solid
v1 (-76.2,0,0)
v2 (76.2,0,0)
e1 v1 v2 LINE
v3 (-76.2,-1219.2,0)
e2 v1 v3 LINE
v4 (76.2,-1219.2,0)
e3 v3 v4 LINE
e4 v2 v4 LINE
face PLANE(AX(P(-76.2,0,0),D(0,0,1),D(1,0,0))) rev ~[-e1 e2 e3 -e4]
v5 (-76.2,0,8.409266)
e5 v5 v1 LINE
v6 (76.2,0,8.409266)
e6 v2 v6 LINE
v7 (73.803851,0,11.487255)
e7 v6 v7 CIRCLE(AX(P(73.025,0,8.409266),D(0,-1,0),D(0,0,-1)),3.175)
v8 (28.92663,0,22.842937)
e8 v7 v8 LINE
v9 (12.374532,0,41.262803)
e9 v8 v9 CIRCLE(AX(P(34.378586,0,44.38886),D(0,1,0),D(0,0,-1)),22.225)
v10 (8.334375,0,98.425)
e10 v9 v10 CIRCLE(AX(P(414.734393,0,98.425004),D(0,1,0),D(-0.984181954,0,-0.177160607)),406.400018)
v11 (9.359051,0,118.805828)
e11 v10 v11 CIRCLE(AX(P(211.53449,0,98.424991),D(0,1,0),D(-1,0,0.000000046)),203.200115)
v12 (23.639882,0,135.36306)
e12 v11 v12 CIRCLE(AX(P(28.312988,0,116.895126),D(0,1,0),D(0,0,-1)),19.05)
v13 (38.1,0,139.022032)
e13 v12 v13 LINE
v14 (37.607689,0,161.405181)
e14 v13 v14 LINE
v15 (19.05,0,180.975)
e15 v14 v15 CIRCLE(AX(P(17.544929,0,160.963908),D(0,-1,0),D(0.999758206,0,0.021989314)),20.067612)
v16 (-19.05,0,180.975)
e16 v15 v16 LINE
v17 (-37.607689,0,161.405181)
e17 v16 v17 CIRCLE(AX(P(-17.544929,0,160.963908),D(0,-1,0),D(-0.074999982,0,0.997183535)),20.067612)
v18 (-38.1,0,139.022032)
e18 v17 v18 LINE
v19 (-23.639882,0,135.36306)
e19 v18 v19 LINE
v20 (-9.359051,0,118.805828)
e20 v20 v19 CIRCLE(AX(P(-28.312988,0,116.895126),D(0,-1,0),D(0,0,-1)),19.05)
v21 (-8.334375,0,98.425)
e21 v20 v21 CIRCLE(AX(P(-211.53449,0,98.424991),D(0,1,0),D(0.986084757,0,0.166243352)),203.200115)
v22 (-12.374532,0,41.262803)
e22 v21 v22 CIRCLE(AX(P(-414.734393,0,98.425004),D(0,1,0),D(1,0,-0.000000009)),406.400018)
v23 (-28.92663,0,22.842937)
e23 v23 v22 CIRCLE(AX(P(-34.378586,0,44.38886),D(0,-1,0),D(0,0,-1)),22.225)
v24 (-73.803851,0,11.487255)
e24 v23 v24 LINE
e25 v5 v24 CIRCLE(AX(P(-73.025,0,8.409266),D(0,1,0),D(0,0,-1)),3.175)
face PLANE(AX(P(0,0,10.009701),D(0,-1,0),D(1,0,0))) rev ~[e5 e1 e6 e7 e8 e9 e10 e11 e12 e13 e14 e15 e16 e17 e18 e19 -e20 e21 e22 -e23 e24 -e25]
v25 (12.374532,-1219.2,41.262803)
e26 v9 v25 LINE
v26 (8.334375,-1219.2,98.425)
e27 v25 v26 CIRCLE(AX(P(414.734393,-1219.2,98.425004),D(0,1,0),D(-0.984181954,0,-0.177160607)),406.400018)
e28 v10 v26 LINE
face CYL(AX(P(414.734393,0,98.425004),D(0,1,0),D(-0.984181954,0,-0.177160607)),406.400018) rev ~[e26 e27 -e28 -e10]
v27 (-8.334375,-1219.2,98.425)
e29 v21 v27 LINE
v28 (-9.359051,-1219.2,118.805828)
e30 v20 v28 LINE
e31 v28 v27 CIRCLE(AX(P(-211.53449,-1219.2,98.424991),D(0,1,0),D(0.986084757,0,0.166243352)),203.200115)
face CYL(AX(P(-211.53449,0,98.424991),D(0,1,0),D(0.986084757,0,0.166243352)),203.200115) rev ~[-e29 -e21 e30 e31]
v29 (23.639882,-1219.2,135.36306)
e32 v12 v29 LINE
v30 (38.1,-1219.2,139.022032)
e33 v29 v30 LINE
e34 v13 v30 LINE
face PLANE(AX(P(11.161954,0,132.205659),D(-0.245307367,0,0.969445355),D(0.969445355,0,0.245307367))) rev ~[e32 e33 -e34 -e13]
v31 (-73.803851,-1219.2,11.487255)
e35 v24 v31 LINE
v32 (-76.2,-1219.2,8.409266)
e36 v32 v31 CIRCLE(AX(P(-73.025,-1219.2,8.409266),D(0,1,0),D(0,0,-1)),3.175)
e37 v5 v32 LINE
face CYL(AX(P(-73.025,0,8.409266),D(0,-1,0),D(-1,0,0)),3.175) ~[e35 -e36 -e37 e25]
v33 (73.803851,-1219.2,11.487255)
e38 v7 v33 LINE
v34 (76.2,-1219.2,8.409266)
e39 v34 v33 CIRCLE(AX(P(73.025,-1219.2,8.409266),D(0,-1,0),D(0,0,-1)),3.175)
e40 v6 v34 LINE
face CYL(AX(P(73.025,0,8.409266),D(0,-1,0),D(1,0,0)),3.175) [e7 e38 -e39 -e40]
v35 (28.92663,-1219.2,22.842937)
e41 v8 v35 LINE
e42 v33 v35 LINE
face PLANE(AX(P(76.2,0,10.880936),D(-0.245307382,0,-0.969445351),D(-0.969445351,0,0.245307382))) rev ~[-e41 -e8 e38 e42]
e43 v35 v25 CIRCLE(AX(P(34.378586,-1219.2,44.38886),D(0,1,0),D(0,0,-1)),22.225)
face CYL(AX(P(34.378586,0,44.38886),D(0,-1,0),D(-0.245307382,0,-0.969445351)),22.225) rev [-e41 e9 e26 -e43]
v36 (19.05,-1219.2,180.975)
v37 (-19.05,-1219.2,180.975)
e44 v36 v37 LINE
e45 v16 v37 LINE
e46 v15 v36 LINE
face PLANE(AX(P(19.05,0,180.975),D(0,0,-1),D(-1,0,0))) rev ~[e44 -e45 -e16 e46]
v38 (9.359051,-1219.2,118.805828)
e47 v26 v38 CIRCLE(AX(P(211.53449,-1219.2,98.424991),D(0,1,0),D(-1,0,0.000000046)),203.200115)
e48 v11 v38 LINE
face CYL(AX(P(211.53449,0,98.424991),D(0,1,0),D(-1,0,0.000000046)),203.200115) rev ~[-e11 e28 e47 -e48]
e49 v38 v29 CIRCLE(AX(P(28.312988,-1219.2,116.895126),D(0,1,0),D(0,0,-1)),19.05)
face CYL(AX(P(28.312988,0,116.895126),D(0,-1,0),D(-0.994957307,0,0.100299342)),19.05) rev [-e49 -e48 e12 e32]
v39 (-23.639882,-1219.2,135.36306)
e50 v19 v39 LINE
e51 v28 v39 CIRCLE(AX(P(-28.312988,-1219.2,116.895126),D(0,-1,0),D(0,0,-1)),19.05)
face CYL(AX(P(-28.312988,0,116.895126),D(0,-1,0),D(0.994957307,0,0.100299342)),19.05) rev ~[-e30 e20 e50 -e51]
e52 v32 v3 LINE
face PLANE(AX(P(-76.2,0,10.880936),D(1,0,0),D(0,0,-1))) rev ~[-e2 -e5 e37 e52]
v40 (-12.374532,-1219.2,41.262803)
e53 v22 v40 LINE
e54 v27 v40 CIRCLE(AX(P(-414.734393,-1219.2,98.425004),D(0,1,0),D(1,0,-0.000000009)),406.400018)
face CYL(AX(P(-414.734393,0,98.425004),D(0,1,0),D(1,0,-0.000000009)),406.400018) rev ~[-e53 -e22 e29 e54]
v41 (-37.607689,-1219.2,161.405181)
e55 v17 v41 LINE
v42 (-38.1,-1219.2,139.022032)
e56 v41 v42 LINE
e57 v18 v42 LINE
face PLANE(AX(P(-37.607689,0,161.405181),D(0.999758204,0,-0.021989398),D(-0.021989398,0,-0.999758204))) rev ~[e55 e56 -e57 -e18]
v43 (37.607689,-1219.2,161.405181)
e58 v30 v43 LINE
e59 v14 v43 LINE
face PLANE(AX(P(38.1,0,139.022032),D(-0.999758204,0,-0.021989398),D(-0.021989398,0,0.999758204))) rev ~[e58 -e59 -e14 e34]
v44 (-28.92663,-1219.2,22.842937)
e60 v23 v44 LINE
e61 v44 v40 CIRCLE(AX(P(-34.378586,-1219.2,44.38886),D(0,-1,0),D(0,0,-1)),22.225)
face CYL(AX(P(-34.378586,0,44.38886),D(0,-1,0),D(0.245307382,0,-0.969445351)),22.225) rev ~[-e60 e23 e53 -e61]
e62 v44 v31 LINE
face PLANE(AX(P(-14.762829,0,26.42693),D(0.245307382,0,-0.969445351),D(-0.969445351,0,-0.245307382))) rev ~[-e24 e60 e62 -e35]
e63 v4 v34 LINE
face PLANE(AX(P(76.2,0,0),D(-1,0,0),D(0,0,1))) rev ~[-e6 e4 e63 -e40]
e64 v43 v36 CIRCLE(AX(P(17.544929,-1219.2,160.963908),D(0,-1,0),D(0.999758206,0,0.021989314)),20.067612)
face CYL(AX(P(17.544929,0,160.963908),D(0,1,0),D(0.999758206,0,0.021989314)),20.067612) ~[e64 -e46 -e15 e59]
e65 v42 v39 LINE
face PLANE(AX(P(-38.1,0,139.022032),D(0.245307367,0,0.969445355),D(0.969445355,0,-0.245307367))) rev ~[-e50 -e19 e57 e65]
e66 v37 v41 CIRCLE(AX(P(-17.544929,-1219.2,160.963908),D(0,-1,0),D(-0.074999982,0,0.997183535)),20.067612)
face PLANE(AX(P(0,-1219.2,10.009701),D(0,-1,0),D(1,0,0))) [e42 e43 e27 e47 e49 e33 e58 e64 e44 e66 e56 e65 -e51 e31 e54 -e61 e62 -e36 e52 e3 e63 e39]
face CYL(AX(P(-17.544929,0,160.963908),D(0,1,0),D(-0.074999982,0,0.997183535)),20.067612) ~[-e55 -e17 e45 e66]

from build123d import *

# Parameters (mm, degrees)
F1_DEPTH = 1219.2
F2_R     = 3.175
F3_R     = 22.225
F4_R     = 19.05


with BuildPart() as f1:
    # F0 (on Front) → F1 (new body)
    with BuildSketch(Plane.XZ):
        Polygon((-76.2, 10.880936), (-76.2, 0), (76.2, 0), (76.2, 10.880936), (14.762829, 26.42693), (8.334375, 28.053579), (-8.334375, 28.053579), (-14.762829, 26.42693), align=None)
        with BuildLine():
            ThreePointArc((-8.334375, 98.425), (-9.944679, 62.282756), (-14.762829, 26.42693))
            Line((-14.762829, 26.42693), (-8.334375, 28.053579))
            Line((-8.334375, 28.053579), (-8.334375, 98.425))
        make_face()
        with BuildLine():
            Line((8.334375, 28.053579), (14.762829, 26.42693))
            ThreePointArc((14.762829, 26.42693), (9.944679, 62.282756), (8.334375, 98.425))
            Line((8.334375, 98.425), (8.334375, 28.053579))
        make_face()
        Polygon((-8.334375, 98.425), (-8.334375, 28.053579), (0, 30.1625), (8.334375, 28.053579), (8.334375, 98.425), (8.334375, 131.490171), (0, 129.38125), (-8.334375, 131.490171), align=None)
        Polygon((-11.161954, 132.205659), (-8.334375, 131.490171), (8.334375, 131.490171), (11.161954, 132.205659), (38.1, 139.022032), (-38.1, 139.022032), align=None)
        with BuildLine():
            Line((-37.607689, 161.405181), (-38.1, 139.022032))
            Line((-38.1, 139.022032), (38.1, 139.022032))
            Line((38.1, 139.022032), (37.607689, 161.405181))
            ThreePointArc((37.607689, 161.405181), (32.106429, 174.772303), (19.05, 180.975))
            Line((19.05, 180.975), (-19.05, 180.975))
            ThreePointArc((-19.05, 180.975), (-32.106429, 174.772303), (-37.607689, 161.405181))
        make_face()
        Polygon((8.334375, 131.490171), (-8.334375, 131.490171), (0, 129.38125), align=None)
        with BuildLine():
            Line((8.334375, 131.490171), (8.334375, 98.425))
            ThreePointArc((8.334375, 98.425), (9.042504, 115.374396), (11.161954, 132.205659))
            Line((11.161954, 132.205659), (8.334375, 131.490171))
        make_face()
        with BuildLine():
            ThreePointArc((-11.161954, 132.205659), (-9.042504, 115.374396), (-8.334375, 98.425))
            Line((-8.334375, 98.425), (-8.334375, 131.490171))
            Line((-8.334375, 131.490171), (-11.161954, 132.205659))
        make_face()
        Polygon((0, 30.1625), (-8.334375, 28.053579), (8.334375, 28.053579), align=None)
    extrude(amount=F1_DEPTH)

    # F2
    f2_edges = [f1.edges().sort_by_distance(p)[0] for p in [
        (76.2, -609.6, 10.880936),
        (-76.2, -609.6, 10.880936),
    ]]
    fillet(f2_edges, radius=F2_R)

    # F3
    f3_edges = [f1.edges().sort_by_distance(p)[0] for p in [
        (14.762829, -609.6, 26.42693),
        (-14.762829, -609.6, 26.42693),
    ]]
    fillet(f3_edges, radius=F3_R)

    # F4
    f4_edges = [f1.edges().sort_by_distance(p)[0] for p in [
        (-11.161954, -609.6, 132.205659),
        (11.161954, -609.6, 132.205659),
    ]]
    fillet(f4_edges, radius=F4_R)


solid = f1.part
